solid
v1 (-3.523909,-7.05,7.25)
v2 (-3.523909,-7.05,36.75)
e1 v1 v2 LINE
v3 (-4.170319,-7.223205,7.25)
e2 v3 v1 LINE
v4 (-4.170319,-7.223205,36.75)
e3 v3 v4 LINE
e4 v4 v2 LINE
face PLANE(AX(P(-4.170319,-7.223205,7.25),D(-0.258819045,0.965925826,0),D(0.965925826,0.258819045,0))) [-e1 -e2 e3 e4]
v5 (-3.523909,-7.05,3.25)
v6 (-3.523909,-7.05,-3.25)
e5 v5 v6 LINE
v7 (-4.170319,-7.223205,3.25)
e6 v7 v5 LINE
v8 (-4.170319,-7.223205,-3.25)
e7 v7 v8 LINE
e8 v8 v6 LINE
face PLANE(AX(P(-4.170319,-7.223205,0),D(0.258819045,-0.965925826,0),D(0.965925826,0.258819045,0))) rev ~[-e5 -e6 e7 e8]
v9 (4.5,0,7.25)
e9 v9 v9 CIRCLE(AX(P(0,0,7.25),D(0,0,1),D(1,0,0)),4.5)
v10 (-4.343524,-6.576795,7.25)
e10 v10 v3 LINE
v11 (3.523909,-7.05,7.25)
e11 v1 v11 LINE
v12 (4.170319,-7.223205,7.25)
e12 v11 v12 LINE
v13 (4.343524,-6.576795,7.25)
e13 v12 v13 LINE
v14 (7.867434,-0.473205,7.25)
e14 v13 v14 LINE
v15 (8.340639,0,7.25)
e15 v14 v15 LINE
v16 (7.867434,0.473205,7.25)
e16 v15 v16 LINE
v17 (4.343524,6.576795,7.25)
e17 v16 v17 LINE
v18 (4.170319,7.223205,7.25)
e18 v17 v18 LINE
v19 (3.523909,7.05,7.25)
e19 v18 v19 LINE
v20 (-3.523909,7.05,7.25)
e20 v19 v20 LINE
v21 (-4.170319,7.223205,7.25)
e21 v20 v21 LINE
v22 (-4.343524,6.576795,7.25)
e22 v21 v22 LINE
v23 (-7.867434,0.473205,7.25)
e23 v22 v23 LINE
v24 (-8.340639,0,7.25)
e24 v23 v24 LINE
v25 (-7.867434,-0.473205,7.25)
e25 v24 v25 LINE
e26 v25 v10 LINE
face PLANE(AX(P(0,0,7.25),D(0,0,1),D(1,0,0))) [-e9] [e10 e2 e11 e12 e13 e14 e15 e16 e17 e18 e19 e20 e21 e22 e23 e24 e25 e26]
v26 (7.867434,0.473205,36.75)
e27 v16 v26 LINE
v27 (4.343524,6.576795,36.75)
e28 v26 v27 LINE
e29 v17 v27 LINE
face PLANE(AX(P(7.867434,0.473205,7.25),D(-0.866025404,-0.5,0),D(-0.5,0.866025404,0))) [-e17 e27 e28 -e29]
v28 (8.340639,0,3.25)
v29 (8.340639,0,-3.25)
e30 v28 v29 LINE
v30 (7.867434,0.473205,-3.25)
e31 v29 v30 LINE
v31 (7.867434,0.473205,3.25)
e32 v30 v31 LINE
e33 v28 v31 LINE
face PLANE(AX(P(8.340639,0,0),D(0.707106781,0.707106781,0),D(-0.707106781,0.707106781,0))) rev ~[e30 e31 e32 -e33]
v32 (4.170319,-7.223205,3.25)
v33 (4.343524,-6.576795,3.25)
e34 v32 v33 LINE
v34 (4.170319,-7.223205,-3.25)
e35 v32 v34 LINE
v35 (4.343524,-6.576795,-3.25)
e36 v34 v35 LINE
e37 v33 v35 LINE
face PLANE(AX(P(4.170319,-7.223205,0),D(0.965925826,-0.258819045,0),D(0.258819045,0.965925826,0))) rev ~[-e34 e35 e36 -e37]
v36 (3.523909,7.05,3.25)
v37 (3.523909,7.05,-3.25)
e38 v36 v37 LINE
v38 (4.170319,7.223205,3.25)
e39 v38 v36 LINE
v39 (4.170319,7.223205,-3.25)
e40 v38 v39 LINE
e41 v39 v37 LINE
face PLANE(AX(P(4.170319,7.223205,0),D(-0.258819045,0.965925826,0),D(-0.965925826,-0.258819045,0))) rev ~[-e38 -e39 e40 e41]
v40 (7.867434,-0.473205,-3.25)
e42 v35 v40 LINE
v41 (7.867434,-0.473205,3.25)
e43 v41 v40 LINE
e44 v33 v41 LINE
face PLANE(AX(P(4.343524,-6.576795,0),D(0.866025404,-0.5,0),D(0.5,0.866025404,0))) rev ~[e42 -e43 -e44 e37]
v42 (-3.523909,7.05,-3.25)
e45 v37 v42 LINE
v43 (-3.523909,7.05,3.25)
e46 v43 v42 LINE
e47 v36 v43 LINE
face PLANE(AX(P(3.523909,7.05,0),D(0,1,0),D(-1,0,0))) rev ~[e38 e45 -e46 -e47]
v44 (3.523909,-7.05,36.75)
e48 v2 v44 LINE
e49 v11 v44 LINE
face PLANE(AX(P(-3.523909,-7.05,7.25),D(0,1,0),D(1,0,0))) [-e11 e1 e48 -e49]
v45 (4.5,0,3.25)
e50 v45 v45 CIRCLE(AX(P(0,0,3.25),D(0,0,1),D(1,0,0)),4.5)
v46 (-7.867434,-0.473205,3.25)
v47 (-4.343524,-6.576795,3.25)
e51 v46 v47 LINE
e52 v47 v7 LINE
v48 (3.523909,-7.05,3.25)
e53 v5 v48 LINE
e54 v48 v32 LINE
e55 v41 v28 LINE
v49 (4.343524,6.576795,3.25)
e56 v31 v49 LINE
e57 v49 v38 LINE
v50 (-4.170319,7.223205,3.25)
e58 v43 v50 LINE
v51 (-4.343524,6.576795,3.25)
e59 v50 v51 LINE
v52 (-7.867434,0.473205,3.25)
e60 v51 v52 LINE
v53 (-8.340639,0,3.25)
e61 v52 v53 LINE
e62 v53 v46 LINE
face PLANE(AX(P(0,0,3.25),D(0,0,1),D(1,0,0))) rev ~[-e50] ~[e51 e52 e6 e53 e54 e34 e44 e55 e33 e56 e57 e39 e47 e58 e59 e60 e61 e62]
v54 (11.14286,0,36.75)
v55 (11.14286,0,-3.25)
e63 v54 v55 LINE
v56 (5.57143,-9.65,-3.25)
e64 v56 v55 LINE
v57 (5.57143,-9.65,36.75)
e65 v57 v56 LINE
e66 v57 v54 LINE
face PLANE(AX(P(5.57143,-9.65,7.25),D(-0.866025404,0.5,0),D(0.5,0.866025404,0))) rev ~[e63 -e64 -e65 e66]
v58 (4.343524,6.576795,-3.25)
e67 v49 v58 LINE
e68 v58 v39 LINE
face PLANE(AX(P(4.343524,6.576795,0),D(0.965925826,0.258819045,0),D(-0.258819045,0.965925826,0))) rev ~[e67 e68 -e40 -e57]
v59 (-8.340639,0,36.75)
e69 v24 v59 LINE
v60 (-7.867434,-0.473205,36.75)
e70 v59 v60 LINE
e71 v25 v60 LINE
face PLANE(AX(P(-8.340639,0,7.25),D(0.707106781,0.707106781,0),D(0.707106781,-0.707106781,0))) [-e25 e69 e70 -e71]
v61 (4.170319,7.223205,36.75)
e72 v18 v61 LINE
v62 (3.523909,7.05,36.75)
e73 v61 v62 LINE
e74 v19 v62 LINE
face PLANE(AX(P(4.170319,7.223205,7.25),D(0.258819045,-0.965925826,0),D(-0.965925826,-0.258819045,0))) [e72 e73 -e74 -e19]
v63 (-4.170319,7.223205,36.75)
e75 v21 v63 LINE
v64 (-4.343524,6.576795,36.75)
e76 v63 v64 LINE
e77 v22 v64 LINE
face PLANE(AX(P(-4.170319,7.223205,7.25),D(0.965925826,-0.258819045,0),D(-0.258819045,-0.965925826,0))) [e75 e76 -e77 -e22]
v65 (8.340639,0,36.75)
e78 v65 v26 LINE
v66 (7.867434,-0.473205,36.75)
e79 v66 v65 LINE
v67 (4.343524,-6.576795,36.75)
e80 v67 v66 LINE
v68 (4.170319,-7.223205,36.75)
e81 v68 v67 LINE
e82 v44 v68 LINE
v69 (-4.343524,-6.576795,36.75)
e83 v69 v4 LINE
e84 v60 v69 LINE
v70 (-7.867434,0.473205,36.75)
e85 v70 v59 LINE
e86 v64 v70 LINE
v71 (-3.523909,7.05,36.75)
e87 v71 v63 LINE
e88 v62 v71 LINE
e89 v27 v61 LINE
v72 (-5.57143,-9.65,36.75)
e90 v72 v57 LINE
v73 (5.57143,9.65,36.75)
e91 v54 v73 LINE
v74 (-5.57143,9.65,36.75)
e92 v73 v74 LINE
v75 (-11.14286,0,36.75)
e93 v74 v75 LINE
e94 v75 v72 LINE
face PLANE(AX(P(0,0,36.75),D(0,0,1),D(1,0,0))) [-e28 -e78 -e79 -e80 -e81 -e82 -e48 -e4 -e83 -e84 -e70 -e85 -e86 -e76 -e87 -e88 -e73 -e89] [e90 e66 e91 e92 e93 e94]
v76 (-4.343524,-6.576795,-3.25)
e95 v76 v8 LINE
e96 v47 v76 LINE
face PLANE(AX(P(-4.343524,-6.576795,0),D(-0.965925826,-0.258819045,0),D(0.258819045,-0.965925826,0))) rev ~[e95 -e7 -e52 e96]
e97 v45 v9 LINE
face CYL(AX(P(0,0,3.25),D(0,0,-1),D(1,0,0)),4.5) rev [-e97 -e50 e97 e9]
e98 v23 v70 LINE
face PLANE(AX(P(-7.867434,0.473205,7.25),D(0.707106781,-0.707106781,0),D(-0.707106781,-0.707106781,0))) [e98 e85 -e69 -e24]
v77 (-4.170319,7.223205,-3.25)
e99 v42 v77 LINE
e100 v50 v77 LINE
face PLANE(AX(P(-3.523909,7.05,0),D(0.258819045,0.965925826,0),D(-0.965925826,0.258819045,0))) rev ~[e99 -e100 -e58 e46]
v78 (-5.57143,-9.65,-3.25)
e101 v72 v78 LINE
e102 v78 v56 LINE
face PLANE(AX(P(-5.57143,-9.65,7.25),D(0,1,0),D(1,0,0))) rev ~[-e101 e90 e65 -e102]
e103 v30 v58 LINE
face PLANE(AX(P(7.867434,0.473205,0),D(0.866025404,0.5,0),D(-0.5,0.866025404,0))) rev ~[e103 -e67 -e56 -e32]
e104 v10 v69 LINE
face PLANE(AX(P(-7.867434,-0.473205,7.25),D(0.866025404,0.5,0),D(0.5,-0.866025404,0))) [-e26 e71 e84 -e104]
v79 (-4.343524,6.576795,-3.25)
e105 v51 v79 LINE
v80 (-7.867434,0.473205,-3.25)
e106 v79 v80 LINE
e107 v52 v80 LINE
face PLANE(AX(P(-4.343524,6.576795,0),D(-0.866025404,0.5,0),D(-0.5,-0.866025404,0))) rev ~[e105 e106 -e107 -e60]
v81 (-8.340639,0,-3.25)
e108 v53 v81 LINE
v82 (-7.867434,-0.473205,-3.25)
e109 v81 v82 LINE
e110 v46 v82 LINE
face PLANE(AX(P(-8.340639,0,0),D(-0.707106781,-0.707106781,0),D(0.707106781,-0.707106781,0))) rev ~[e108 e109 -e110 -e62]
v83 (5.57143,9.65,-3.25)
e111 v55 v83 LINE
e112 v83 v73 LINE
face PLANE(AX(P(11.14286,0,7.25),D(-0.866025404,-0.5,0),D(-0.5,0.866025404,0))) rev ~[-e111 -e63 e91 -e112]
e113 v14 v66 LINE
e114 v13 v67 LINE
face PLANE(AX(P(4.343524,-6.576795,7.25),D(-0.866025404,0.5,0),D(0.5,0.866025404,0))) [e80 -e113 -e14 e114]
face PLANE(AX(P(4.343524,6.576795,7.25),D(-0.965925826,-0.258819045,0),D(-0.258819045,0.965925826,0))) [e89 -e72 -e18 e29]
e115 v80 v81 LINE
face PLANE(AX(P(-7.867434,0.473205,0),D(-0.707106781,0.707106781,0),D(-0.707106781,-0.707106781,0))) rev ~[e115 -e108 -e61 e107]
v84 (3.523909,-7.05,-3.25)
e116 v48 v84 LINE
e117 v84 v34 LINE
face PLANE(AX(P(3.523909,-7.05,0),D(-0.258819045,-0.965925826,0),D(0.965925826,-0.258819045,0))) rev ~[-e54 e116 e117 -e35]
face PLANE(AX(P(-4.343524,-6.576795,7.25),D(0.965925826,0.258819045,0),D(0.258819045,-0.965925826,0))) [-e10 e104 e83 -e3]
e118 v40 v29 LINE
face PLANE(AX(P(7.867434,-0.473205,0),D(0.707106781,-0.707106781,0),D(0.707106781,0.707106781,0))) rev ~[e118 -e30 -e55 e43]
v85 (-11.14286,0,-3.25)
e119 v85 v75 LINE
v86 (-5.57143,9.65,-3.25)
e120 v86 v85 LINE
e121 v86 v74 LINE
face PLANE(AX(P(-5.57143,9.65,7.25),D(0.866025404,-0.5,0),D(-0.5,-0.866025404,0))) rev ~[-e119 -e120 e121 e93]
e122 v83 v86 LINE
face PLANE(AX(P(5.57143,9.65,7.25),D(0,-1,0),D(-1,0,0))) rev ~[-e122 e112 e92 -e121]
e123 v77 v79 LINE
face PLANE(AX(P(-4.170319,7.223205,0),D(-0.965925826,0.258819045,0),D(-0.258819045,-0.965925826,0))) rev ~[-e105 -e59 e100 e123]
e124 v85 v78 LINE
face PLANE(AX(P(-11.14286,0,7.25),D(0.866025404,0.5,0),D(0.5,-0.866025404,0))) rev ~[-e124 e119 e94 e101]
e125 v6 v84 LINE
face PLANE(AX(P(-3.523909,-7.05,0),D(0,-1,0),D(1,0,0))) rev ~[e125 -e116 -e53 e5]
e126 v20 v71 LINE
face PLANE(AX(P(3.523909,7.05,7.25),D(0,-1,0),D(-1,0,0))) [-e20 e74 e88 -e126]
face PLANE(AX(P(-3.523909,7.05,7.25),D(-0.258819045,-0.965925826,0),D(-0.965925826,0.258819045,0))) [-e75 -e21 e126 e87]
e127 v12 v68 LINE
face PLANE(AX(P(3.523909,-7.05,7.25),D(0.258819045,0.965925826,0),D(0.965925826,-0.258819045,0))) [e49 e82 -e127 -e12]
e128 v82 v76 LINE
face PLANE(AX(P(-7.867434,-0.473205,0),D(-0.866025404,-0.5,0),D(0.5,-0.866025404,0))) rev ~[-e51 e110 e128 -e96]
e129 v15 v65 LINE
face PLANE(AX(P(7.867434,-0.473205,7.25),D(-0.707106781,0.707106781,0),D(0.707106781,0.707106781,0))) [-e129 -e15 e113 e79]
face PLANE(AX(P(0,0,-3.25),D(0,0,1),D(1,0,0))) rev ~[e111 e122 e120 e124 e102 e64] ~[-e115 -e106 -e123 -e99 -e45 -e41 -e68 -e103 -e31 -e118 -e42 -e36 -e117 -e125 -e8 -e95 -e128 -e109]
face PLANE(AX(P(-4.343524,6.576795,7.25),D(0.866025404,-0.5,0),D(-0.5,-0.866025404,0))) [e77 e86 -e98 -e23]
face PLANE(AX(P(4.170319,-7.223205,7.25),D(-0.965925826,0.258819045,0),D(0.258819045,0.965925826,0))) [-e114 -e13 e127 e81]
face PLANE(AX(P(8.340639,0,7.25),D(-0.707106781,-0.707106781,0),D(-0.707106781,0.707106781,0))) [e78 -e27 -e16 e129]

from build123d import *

# Parameters (mm, degrees)
BOTTON_SHAFT_DEPTH = 3.25
SCHIZZO2_R         = 4.5
NUT_BLOCK_DEPTH    = 4
TOP_SHAFT_DEPTH    = 29.5


with BuildPart() as part:
    # Hex-nut-botton → Botton shaft (new, symmetric)
    with BuildSketch(Plane.XY):
        Polygon((11.142860195, 0), (5.571430098, 9.65), (-5.571430098, 9.65), (-11.142860195, 0), (-5.571430098, -9.65), (5.571430098, -9.65), align=None)
        Polygon((7.867433715, 0.473205081), (4.343524479, 6.576794919), (4.170319398, 7.223205081), (3.523909236, 7.05), (-3.523909236, 7.05), (-4.170319398, 7.223205081), (-4.343524479, 6.576794919), (-7.867433715, 0.473205081), (-8.340638796, 0), (-7.867433715, -0.473205081), (-4.343524479, -6.576794919), (-4.170319398, -7.223205081), (-3.523909236, -7.05), (3.523909236, -7.05), (4.170319398, -7.223205081), (4.343524479, -6.576794919), (7.867433715, -0.473205081), (8.340638796, 0), align=None, mode=Mode.SUBTRACT)
    extrude(amount=BOTTON_SHAFT_DEPTH, both=True)

    # Schizzo2 → Nut block (add)
    with BuildSketch(Plane.XY.offset(3.25)):
        Polygon((5.571430098, 9.65), (-5.571430098, 9.65), (-11.142860195, 0), (-5.571430098, -9.65), (5.571430098, -9.65), (11.142860195, 0), align=None)
        Circle(SCHIZZO2_R, mode=Mode.SUBTRACT)
    extrude(amount=NUT_BLOCK_DEPTH)

    # Hex-nut-top → Top shaft (add)
    with BuildSketch(Plane.XY.offset(7.25)):
        Polygon((11.142860195, 0), (5.571430098, 9.65), (-5.571430098, 9.65), (-11.142860195, 0), (-5.571430098, -9.65), (5.571430098, -9.65), align=None)
        Polygon((7.867433715, 0.473205081), (4.343524479, 6.576794919), (4.170319398, 7.223205081), (3.523909236, 7.05), (-3.523909236, 7.05), (-4.170319398, 7.223205081), (-4.343524479, 6.576794919), (-7.867433715, 0.473205081), (-8.340638796, 0), (-7.867433715, -0.473205081), (-4.343524479, -6.576794919), (-4.170319398, -7.223205081), (-3.523909236, -7.05), (3.523909236, -7.05), (4.170319398, -7.223205081), (4.343524479, -6.576794919), (7.867433715, -0.473205081), (8.340638796, 0), align=None, mode=Mode.SUBTRACT)
    extrude(amount=TOP_SHAFT_DEPTH)


solid = part.part
